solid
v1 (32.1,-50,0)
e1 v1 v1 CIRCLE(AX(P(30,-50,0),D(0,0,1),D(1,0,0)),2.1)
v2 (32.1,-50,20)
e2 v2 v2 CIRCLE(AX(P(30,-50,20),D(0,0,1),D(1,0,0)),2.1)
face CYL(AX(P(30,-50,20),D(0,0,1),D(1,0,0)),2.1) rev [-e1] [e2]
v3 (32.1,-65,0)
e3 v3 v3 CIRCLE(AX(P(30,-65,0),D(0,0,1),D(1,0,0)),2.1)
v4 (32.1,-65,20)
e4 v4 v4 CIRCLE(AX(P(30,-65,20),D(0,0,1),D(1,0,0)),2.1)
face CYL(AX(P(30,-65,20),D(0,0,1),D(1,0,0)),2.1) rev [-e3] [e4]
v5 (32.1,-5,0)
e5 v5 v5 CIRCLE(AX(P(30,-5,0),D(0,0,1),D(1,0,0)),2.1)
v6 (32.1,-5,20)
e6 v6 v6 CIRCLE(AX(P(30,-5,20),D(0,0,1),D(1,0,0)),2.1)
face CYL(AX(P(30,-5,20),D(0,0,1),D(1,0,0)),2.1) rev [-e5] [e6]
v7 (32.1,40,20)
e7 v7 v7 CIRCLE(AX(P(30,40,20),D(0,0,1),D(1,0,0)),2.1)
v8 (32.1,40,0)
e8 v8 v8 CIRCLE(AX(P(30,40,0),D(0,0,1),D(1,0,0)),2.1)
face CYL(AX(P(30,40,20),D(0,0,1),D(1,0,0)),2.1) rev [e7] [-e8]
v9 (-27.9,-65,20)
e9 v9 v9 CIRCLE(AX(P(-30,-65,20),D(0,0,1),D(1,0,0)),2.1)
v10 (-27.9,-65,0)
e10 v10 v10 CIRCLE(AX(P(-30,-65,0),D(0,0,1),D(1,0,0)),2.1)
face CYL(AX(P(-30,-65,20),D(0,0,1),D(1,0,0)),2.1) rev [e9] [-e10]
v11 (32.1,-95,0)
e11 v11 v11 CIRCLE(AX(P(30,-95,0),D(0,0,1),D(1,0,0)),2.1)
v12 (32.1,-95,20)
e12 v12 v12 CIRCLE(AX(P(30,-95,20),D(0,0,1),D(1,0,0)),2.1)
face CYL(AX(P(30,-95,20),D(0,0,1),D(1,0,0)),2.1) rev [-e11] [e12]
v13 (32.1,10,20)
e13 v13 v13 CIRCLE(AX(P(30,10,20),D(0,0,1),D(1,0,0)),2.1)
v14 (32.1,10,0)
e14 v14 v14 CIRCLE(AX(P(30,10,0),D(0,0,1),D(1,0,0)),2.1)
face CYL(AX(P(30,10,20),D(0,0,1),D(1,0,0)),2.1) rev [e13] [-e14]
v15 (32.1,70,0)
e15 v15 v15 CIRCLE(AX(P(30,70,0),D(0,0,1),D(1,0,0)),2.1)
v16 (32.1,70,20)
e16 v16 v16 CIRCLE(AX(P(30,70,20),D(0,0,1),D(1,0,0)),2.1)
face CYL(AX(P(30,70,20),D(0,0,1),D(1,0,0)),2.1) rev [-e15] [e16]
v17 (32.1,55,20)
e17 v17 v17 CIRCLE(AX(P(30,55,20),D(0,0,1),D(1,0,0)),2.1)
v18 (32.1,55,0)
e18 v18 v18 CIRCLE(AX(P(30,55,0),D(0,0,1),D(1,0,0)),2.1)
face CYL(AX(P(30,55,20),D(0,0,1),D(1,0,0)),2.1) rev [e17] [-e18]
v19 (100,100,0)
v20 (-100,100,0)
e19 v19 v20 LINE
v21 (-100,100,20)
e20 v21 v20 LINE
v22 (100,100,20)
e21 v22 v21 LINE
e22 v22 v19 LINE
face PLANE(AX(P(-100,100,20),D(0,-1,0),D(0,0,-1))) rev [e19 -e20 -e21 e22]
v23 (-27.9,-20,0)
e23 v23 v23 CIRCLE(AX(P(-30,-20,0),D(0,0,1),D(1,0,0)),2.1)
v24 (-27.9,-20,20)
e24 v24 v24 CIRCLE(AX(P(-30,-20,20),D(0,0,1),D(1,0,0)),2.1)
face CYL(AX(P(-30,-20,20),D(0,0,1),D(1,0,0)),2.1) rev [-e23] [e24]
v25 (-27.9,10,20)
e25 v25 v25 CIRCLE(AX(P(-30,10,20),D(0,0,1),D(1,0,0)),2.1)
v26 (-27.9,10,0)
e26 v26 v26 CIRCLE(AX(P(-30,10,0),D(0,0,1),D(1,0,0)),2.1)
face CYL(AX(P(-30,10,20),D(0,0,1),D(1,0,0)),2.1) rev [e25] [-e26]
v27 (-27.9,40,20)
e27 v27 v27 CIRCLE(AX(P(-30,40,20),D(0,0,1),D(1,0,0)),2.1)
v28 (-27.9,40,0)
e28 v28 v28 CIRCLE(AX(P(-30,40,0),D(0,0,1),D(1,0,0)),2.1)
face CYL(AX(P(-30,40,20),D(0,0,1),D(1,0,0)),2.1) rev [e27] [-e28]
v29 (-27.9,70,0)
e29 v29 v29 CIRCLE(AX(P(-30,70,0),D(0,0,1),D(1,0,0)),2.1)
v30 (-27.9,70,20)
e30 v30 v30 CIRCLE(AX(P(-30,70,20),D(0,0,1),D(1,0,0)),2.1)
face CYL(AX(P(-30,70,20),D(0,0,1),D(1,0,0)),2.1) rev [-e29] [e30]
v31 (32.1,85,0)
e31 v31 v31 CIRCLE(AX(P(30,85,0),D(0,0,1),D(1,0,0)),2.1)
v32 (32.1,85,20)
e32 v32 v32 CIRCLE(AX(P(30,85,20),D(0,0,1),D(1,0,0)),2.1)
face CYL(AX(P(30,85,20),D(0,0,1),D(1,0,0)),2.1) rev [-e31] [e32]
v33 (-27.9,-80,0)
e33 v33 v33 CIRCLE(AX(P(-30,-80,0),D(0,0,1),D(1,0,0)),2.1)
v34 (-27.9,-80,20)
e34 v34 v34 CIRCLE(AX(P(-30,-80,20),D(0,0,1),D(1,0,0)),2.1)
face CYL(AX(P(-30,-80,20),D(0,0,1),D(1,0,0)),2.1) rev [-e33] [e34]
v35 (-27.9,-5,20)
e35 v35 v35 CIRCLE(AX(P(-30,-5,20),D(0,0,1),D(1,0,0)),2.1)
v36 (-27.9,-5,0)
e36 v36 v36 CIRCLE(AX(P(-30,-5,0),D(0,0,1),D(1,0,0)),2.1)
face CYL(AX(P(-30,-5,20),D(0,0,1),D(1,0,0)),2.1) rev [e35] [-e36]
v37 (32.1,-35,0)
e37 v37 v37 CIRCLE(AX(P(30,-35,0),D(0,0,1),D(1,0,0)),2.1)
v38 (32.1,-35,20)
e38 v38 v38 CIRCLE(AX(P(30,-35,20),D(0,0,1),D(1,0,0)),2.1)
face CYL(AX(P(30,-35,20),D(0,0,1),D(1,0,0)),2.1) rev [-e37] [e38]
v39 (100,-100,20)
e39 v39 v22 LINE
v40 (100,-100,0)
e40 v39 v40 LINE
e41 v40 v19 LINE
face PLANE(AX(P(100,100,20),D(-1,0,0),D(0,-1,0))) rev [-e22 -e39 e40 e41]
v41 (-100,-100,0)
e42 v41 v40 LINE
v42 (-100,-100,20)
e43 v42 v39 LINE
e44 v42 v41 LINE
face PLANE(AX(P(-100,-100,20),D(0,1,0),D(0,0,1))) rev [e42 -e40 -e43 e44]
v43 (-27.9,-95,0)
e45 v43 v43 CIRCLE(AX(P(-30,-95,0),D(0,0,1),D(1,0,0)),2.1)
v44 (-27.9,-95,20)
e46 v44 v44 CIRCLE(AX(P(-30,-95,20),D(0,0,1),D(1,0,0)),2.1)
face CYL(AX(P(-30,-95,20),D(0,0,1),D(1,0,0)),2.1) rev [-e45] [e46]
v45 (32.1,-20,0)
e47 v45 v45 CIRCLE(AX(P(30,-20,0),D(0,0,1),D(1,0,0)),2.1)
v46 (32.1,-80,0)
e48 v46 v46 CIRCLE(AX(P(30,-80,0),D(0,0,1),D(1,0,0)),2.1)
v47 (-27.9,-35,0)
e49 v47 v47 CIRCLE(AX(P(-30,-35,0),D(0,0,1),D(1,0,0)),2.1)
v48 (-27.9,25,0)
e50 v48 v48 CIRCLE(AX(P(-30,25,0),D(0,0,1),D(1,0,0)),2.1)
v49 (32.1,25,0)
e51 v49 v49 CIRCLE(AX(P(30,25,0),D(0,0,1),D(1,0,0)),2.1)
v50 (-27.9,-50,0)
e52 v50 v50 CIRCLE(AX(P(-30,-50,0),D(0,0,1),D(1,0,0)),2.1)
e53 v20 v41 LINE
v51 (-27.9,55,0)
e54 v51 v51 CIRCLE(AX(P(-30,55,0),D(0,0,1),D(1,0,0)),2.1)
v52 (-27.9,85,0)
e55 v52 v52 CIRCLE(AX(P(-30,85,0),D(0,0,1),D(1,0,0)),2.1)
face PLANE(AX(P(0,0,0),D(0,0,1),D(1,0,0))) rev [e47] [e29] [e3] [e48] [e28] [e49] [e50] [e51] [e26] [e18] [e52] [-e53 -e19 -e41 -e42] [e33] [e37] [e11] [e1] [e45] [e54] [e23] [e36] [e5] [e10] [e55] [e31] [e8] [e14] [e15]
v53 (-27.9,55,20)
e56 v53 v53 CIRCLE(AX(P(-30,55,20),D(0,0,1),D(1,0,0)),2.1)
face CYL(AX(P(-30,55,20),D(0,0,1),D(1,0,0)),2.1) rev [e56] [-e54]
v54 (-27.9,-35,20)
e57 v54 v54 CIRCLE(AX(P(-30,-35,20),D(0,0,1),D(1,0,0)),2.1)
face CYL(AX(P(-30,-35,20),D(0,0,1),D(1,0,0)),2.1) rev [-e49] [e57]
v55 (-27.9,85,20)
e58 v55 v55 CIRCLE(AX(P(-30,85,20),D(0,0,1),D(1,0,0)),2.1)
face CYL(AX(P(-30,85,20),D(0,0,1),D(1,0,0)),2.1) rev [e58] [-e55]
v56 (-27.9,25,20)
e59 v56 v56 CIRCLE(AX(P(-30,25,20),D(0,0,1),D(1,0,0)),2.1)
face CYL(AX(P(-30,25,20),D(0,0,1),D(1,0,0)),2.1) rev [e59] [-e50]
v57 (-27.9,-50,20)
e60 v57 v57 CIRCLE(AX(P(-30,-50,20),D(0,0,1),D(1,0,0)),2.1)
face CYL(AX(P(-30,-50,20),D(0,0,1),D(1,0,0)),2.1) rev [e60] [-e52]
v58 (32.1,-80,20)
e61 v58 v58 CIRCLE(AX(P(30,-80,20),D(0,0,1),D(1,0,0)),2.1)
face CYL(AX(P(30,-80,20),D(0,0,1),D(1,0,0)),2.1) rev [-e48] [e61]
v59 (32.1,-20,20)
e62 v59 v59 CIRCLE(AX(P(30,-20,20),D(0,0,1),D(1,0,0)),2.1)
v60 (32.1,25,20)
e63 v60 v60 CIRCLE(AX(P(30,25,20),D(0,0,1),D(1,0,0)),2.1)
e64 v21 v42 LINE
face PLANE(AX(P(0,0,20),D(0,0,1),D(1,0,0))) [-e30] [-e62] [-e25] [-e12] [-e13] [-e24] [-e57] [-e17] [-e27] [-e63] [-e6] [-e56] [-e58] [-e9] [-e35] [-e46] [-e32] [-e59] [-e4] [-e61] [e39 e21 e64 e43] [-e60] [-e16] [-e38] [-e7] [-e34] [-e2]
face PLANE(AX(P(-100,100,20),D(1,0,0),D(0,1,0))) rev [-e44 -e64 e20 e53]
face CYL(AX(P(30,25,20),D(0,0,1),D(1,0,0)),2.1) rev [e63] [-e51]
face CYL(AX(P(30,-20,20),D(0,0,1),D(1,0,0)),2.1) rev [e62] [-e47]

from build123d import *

# Parameters (mm, degrees)
SKETCH1_W             = 200
SKETCH1_H             = 200
BOSS_EXTRUDE1_DEPTH   = 20
M5X0_8_TAPPED_HOLE1_D = 4.2
LPATTERN1_COUNT       = 13
LPATTERN1_PITCH       = 15
MIRROR1_COPY_1_D      = 4.2
MIRROR1_COPY_2_D      = 4.2
MIRROR1_COPY_3_D      = 4.2
MIRROR1_COPY_4_D      = 4.2
MIRROR1_COPY_5_D      = 4.2
MIRROR1_COPY_6_D      = 4.2
MIRROR1_COPY_7_D      = 4.2
MIRROR1_COPY_8_D      = 4.2
MIRROR1_COPY_9_D      = 4.2
MIRROR1_COPY_10_D     = 4.2
MIRROR1_COPY_11_D     = 4.2
MIRROR1_COPY_12_D     = 4.2


with BuildPart() as part:
    # Sketch1 → Boss-Extrude1 (new body)
    with BuildSketch(Plane.XY):
        Rectangle(SKETCH1_W, SKETCH1_H)
    extrude(amount=BOSS_EXTRUDE1_DEPTH)

    # M5x0.8 Tapped Hole1 (through all)
    with Locations(Plane(origin=(30, -95, 20), x_dir=(1, 0, 0), z_dir=(0, 0, 1))):
        with Locations((0, 0)):
            m5x0_8_tapped_hole1 = Hole(M5X0_8_TAPPED_HOLE1_D / 2)

    # LPattern1: M5x0.8 Tapped Hole1 ×13
    with Locations(*[(0, i * LPATTERN1_PITCH, 0) for i in range(1, LPATTERN1_COUNT)]):
        add(m5x0_8_tapped_hole1, mode=Mode.SUBTRACT)

    # Mirror1: M5x0.8 Tapped Hole1 across plane
    add(m5x0_8_tapped_hole1.mirror(Plane(origin=(0, 0, 0), x_dir=(0, 0, 1), z_dir=(1, 0, 0))), mode=Mode.SUBTRACT)

    # Mirror1 copy 1 (through all)
    with Locations(Plane(origin=(-30, -80, 20), x_dir=(-1, 0, 0), z_dir=(0, 0, 1))):
        with Locations((0, 0)):
            Hole(MIRROR1_COPY_1_D / 2)

    # Mirror1 copy 2 (through all)
    with Locations(Plane(origin=(-30, -65, 20), x_dir=(-1, 0, 0), z_dir=(0, 0, 1))):
        with Locations((0, 0)):
            Hole(MIRROR1_COPY_2_D / 2)

    # Mirror1 copy 3 (through all)
    with Locations(Plane(origin=(-30, -50, 20), x_dir=(-1, 0, 0), z_dir=(0, 0, 1))):
        with Locations((0, 0)):
            Hole(MIRROR1_COPY_3_D / 2)

    # Mirror1 copy 4 (through all)
    with Locations(Plane(origin=(-30, -35, 20), x_dir=(-1, 0, 0), z_dir=(0, 0, 1))):
        with Locations((0, 0)):
            Hole(MIRROR1_COPY_4_D / 2)

    # Mirror1 copy 5 (through all)
    with Locations(Plane(origin=(-30, -20, 20), x_dir=(-1, 0, 0), z_dir=(0, 0, 1))):
        with Locations((0, 0)):
            Hole(MIRROR1_COPY_5_D / 2)

    # Mirror1 copy 6 (through all)
    with Locations(Plane(origin=(-30, -5, 20), x_dir=(-1, 0, 0), z_dir=(0, 0, 1))):
        with Locations((0, 0)):
            Hole(MIRROR1_COPY_6_D / 2)

    # Mirror1 copy 7 (through all)
    with Locations(Plane(origin=(-30, 10, 20), x_dir=(-1, 0, 0), z_dir=(0, 0, 1))):
        with Locations((0, 0)):
            Hole(MIRROR1_COPY_7_D / 2)

    # Mirror1 copy 8 (through all)
    with Locations(Plane(origin=(-30, 25, 20), x_dir=(-1, 0, 0), z_dir=(0, 0, 1))):
        with Locations((0, 0)):
            Hole(MIRROR1_COPY_8_D / 2)

    # Mirror1 copy 9 (through all)
    with Locations(Plane(origin=(-30, 40, 20), x_dir=(-1, 0, 0), z_dir=(0, 0, 1))):
        with Locations((0, 0)):
            Hole(MIRROR1_COPY_9_D / 2)

    # Mirror1 copy 10 (through all)
    with Locations(Plane(origin=(-30, 55, 20), x_dir=(-1, 0, 0), z_dir=(0, 0, 1))):
        with Locations((0, 0)):
            Hole(MIRROR1_COPY_10_D / 2)

    # Mirror1 copy 11 (through all)
    with Locations(Plane(origin=(-30, 70, 20), x_dir=(-1, 0, 0), z_dir=(0, 0, 1))):
        with Locations((0, 0)):
            Hole(MIRROR1_COPY_11_D / 2)

    # Mirror1 copy 12 (through all)
    with Locations(Plane(origin=(-30, 85, 20), x_dir=(-1, 0, 0), z_dir=(0, 0, 1))):
        with Locations((0, 0)):
            Hole(MIRROR1_COPY_12_D / 2)


solid = part.part
